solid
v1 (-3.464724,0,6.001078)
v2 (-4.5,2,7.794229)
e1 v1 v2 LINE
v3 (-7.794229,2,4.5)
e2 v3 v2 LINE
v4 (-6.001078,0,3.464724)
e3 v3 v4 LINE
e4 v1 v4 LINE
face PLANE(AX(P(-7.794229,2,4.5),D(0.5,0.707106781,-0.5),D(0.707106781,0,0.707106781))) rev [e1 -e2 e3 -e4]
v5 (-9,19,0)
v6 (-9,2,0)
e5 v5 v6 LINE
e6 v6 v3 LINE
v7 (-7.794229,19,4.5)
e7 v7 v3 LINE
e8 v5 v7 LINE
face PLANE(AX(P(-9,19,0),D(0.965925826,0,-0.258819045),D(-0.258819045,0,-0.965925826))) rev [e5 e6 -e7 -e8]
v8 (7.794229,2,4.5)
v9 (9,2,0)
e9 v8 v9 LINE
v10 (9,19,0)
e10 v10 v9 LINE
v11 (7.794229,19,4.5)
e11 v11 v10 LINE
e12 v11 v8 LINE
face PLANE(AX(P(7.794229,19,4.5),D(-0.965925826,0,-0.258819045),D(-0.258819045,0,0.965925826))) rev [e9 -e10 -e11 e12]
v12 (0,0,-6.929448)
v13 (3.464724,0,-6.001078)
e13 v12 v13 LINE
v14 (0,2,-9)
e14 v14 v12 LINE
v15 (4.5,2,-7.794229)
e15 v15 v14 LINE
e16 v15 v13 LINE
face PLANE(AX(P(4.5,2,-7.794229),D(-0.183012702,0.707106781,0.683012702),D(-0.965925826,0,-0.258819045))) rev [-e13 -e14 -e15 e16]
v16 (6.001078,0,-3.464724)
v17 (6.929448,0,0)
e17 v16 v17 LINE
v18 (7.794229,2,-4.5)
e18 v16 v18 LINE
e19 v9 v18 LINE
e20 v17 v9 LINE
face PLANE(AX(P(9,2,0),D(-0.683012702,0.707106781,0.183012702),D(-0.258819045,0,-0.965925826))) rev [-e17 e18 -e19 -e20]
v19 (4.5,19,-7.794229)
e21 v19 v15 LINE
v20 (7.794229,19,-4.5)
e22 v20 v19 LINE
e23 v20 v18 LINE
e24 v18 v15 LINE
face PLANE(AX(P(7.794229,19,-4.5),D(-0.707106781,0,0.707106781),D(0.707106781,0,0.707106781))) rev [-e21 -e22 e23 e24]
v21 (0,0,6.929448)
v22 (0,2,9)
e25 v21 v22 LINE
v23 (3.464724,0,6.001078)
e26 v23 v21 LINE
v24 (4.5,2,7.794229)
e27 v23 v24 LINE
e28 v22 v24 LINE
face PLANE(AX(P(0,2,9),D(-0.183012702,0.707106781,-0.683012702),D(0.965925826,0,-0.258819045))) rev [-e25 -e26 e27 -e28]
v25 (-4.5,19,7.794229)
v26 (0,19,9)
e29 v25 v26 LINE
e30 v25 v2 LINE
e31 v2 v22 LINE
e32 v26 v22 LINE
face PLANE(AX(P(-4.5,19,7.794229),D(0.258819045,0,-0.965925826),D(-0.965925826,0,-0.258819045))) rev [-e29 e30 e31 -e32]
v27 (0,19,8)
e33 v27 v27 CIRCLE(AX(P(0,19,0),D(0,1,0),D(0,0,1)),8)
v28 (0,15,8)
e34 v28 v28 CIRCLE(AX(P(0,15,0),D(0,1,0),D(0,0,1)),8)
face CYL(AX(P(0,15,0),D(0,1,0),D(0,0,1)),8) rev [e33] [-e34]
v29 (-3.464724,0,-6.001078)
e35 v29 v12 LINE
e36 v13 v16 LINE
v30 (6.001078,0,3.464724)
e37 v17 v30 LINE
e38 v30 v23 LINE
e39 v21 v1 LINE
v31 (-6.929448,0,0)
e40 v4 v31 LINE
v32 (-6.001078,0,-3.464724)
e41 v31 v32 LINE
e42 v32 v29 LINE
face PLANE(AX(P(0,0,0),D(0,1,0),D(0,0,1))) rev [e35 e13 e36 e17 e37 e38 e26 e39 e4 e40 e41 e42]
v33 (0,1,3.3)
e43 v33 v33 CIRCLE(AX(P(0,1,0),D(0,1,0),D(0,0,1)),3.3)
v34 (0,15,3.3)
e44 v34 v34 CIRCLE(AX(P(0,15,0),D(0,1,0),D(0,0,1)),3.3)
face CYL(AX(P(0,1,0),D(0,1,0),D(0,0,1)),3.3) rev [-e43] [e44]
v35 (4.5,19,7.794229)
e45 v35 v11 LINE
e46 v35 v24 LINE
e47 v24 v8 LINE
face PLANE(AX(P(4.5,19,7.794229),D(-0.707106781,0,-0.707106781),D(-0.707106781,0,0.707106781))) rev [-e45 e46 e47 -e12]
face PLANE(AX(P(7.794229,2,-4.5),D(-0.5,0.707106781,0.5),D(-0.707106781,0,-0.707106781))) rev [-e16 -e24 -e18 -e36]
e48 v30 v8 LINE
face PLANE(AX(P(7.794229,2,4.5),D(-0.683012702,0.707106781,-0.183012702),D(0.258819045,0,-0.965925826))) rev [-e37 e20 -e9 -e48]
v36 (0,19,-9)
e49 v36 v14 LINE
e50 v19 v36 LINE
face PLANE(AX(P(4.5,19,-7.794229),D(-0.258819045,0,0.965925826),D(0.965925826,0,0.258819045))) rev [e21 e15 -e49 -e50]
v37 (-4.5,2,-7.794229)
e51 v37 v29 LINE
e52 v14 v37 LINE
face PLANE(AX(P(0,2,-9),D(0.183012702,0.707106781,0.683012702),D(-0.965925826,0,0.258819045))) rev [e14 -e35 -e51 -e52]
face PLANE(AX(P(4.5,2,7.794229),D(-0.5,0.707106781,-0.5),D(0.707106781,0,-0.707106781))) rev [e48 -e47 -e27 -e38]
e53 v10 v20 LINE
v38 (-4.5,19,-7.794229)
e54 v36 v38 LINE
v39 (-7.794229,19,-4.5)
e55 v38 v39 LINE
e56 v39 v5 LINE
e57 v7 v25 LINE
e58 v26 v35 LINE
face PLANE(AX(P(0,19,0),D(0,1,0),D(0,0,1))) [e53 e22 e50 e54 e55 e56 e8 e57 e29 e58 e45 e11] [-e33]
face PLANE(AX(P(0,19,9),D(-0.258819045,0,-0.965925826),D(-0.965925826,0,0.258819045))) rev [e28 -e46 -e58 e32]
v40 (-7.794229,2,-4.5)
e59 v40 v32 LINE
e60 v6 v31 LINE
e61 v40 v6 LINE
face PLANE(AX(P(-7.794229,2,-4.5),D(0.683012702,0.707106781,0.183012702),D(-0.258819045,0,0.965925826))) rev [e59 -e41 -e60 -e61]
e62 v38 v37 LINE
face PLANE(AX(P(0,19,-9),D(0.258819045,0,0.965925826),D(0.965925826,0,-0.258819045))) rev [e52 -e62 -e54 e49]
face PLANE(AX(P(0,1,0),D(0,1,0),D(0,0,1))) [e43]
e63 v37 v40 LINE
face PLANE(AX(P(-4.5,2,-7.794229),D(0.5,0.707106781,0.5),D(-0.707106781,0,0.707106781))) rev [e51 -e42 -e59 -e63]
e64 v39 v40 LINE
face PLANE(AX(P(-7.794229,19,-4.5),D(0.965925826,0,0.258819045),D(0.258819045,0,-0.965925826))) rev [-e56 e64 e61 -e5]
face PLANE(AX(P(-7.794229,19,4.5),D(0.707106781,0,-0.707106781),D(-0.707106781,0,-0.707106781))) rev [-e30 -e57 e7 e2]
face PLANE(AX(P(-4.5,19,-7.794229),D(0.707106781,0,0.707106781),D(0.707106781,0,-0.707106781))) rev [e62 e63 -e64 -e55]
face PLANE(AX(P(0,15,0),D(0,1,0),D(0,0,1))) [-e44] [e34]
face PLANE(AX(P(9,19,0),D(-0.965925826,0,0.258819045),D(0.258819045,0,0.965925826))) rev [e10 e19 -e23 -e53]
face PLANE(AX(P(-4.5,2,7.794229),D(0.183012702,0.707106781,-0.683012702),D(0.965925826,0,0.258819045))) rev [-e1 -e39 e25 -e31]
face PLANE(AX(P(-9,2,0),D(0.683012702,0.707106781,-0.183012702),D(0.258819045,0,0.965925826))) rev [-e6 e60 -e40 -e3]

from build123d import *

# Parameters (mm, degrees)
BOSS_EXTRUDE1_DEPTH = 19
SKETCH2_R           = 8
CUT_EXTRUDE1_DEPTH  = 4
SKETCH3_R           = 3.3
CUT_EXTRUDE2_DEPTH  = 14
CHAMFER1_SIZE       = 2


with BuildPart() as part:
    # Sketch1 → Boss-Extrude1 (new body)
    with BuildSketch(Plane(origin=(0, 0, 0), x_dir=(1, 0, 0), z_dir=(0, 1, 0))):
        Polygon((0, 9), (-4.5, 7.794228634), (-7.794228634, 4.5), (-9, 0), (-7.794228634, -4.5), (-4.5, -7.794228634), (0, -9), (4.5, -7.794228634), (7.794228634, -4.5), (9, 0), (7.794228634, 4.5), (4.5, 7.794228634), align=None)
    extrude(amount=BOSS_EXTRUDE1_DEPTH)

    # Sketch2 → Cut-Extrude1 (cut)
    with BuildSketch(Plane(origin=(0, 19, 0), x_dir=(1, 0, 0), z_dir=(0, 1, 0))):
        Circle(SKETCH2_R)
    extrude(amount=-CUT_EXTRUDE1_DEPTH, mode=Mode.SUBTRACT)

    # Sketch3 → Cut-Extrude2 (cut)
    with BuildSketch(Plane(origin=(0, 15, 0), x_dir=(1, 0, 0), z_dir=(0, 1, 0))):
        Circle(SKETCH3_R)
    extrude(amount=-CUT_EXTRUDE2_DEPTH, mode=Mode.SUBTRACT)

    # Chamfer1
    chamfer1_edges = [part.edges().sort_by_distance(p)[0] for p in [
        (6.147114317, 0, -6.147114317),
        (8.397114317, 0, -2.25),
        (8.397114317, 0, 2.25),
        (6.147114317, 0, 6.147114317),
        (2.25, 0, 8.397114317),
        (-2.25, 0, 8.397114317),
        (-6.147114317, 0, 6.147114317),
        (-8.397114317, 0, 2.25),
        (-8.397114317, 0, -2.25),
        (-6.147114317, 0, -6.147114317),
        (-2.25, 0, -8.397114317),
        (2.25, 0, -8.397114317),
    ]]
    chamfer(chamfer1_edges, length=CHAMFER1_SIZE)


solid = part.part
